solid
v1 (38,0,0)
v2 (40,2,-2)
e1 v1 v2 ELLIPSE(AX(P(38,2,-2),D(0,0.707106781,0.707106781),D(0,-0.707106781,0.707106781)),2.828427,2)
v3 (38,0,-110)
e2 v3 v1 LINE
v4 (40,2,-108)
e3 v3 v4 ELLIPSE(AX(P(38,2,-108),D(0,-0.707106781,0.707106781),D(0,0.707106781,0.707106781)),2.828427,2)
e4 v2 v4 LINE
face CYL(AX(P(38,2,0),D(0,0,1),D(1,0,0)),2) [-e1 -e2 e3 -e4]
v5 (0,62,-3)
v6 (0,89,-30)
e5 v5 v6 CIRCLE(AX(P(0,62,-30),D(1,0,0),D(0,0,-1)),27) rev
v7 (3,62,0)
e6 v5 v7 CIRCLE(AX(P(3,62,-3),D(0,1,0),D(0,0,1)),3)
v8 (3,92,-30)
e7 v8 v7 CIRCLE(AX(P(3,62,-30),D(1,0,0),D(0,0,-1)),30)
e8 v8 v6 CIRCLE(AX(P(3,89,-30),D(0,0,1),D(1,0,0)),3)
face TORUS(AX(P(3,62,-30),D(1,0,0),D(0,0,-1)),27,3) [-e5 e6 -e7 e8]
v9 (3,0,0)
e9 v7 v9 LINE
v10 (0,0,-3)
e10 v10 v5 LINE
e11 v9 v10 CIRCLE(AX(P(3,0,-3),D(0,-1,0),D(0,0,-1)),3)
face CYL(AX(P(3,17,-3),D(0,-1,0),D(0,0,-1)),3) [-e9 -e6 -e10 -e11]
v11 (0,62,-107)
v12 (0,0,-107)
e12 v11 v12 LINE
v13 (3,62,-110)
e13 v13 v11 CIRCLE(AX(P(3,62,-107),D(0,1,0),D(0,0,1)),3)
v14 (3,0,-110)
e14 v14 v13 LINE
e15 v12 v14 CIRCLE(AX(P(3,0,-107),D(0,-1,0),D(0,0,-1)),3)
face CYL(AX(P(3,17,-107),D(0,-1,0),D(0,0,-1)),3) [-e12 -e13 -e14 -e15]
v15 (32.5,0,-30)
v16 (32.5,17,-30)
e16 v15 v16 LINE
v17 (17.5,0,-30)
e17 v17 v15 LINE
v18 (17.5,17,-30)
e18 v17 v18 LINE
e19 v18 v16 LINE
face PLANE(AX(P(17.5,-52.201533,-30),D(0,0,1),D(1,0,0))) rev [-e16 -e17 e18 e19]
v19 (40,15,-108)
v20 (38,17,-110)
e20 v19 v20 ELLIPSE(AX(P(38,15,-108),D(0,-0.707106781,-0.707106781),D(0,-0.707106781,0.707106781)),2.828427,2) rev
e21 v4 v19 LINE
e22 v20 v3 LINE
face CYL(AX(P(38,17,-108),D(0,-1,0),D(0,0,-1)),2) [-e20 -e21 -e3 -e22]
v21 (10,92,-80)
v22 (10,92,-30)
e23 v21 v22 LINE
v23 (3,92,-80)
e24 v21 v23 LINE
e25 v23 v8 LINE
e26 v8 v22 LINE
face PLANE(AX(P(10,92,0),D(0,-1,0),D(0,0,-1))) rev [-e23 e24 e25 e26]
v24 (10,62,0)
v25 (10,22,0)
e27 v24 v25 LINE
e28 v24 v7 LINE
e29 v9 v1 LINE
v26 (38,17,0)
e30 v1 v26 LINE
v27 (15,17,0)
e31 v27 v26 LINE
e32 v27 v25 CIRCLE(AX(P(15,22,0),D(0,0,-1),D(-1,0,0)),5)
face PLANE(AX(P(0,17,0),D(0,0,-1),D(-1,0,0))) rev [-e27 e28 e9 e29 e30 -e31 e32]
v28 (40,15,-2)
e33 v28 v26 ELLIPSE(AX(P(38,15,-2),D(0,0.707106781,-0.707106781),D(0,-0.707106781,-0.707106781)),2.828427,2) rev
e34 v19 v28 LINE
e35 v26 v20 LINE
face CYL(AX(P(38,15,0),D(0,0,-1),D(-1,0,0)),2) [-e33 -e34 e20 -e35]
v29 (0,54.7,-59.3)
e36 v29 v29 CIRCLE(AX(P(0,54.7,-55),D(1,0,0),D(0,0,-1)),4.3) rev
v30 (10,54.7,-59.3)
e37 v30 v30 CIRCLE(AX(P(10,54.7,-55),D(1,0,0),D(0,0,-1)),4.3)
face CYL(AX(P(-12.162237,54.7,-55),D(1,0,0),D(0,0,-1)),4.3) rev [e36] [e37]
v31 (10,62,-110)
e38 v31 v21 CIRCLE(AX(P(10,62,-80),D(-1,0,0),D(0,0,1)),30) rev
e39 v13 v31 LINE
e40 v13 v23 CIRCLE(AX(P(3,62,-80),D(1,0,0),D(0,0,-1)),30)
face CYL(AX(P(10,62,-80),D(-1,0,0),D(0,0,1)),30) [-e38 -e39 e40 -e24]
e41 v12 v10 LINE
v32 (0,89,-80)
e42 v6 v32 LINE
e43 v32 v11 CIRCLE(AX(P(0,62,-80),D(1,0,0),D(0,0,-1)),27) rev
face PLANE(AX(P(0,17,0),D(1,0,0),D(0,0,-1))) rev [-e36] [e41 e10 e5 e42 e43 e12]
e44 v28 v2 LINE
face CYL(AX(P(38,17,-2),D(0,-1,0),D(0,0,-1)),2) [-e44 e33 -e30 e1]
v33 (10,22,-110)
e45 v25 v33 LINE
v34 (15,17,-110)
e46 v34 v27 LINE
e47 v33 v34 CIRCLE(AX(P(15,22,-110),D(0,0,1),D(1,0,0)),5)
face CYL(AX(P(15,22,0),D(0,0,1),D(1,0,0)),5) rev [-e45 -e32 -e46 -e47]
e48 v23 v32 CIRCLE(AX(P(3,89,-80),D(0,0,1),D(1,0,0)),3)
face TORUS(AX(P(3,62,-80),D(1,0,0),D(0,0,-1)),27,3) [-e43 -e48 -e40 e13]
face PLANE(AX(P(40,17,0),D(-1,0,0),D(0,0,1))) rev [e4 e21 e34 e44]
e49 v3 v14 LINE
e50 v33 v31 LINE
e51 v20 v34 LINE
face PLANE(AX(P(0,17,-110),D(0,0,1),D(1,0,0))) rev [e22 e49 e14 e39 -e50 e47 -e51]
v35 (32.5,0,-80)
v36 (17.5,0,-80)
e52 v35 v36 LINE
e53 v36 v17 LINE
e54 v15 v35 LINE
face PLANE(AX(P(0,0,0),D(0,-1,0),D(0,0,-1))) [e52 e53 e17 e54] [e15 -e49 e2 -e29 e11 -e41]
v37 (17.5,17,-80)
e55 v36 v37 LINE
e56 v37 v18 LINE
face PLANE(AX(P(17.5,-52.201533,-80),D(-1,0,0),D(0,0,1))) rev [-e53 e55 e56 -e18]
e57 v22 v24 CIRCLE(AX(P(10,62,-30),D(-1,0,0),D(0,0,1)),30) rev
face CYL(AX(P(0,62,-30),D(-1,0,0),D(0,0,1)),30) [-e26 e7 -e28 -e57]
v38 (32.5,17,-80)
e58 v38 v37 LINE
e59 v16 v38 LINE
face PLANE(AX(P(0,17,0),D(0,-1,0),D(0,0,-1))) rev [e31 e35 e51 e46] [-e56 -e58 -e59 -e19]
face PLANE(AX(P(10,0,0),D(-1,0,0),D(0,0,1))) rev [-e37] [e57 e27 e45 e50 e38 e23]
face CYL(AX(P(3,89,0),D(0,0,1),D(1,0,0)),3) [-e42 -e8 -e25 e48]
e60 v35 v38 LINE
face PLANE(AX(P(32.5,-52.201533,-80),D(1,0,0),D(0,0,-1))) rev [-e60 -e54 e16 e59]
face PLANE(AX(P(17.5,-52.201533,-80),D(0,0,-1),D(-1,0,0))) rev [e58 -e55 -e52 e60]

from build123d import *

# Parameters (mm, degrees)
SKETCH1_W           = 40
SKETCH1_H           = 110
BOSS_EXTRUDE1_DEPTH = 17
SKETCH4_W           = 110
SKETCH4_H           = 75
BOSS_EXTRUDE2_DEPTH = 10
SKETCH5_W           = 15
SKETCH5_H           = 50
CUT_EXTRUDE1_DEPTH  = 17
SKETCH6_R           = 4.3
CUT_EXTRUDE2_DEPTH  = 10
FILLET1_R           = 30
FILLET2_R           = 3
FILLET3_R           = 5
FILLET4_R           = 2


with BuildPart() as part:
    # Sketch1 → Boss-Extrude1 (new body)
    with BuildSketch(Plane(origin=(0, 0, 0), x_dir=(1, 0, 0), z_dir=(0, 1, 0))):
        with Locations((20, 55)):
            Rectangle(SKETCH1_W, SKETCH1_H)
    extrude(amount=BOSS_EXTRUDE1_DEPTH)

    # Sketch4 → Boss-Extrude2 (add)
    with BuildSketch(Plane(origin=(0, 0, 0), x_dir=(0, 0, -1), z_dir=(1, 0, 0))):
        with Locations((55, 54.5)):
            Rectangle(SKETCH4_W, SKETCH4_H)
    extrude(amount=BOSS_EXTRUDE2_DEPTH)

    # Sketch5 → Cut-Extrude1 (cut)
    with BuildSketch(Plane(origin=(0, 17, 0), x_dir=(1, 0, 0), z_dir=(0, 1, 0))):
        with Locations((25, 55)):
            Rectangle(SKETCH5_W, SKETCH5_H)
    extrude(amount=-CUT_EXTRUDE1_DEPTH, mode=Mode.SUBTRACT)

    # Sketch6 → Cut-Extrude2 (cut)
    with BuildSketch(Plane(origin=(10, 0, 0), x_dir=(0, 0, -1), z_dir=(1, 0, 0))):
        with Locations((55, 54.7)):
            Circle(SKETCH6_R)
    extrude(amount=-CUT_EXTRUDE2_DEPTH, mode=Mode.SUBTRACT)

    # Fillet1
    fillet1_edges = [part.edges().sort_by_distance(p)[0] for p in [
        (5, 92, 0),
        (5, 92, -110),
    ]]
    fillet(fillet1_edges, radius=FILLET1_R)

    # Fillet2
    fillet2_edges = [part.edges().sort_by_distance(p)[0] for p in [
        (0, 31, 0),
        (0, 92, -55),
        (0, 31, -110),
        (0, 83.213203436, -101.213203436),
        (0, 83.213203436, -8.786796564),
    ]]
    fillet(fillet2_edges, radius=FILLET2_R)

    # Fillet3
    fillet3_edges = [part.edges().sort_by_distance(p)[0] for p in [
        (10, 17, -55),
    ]]
    fillet(fillet3_edges, radius=FILLET3_R)

    # Fillet4
    fillet4_edges = [part.edges().sort_by_distance(p)[0] for p in [
        (40, 17, -55),
        (40, 0, -55),
        (40, 8.5, -110),
        (40, 8.5, 0),
    ]]
    fillet(fillet4_edges, radius=FILLET4_R)


solid = part.part
